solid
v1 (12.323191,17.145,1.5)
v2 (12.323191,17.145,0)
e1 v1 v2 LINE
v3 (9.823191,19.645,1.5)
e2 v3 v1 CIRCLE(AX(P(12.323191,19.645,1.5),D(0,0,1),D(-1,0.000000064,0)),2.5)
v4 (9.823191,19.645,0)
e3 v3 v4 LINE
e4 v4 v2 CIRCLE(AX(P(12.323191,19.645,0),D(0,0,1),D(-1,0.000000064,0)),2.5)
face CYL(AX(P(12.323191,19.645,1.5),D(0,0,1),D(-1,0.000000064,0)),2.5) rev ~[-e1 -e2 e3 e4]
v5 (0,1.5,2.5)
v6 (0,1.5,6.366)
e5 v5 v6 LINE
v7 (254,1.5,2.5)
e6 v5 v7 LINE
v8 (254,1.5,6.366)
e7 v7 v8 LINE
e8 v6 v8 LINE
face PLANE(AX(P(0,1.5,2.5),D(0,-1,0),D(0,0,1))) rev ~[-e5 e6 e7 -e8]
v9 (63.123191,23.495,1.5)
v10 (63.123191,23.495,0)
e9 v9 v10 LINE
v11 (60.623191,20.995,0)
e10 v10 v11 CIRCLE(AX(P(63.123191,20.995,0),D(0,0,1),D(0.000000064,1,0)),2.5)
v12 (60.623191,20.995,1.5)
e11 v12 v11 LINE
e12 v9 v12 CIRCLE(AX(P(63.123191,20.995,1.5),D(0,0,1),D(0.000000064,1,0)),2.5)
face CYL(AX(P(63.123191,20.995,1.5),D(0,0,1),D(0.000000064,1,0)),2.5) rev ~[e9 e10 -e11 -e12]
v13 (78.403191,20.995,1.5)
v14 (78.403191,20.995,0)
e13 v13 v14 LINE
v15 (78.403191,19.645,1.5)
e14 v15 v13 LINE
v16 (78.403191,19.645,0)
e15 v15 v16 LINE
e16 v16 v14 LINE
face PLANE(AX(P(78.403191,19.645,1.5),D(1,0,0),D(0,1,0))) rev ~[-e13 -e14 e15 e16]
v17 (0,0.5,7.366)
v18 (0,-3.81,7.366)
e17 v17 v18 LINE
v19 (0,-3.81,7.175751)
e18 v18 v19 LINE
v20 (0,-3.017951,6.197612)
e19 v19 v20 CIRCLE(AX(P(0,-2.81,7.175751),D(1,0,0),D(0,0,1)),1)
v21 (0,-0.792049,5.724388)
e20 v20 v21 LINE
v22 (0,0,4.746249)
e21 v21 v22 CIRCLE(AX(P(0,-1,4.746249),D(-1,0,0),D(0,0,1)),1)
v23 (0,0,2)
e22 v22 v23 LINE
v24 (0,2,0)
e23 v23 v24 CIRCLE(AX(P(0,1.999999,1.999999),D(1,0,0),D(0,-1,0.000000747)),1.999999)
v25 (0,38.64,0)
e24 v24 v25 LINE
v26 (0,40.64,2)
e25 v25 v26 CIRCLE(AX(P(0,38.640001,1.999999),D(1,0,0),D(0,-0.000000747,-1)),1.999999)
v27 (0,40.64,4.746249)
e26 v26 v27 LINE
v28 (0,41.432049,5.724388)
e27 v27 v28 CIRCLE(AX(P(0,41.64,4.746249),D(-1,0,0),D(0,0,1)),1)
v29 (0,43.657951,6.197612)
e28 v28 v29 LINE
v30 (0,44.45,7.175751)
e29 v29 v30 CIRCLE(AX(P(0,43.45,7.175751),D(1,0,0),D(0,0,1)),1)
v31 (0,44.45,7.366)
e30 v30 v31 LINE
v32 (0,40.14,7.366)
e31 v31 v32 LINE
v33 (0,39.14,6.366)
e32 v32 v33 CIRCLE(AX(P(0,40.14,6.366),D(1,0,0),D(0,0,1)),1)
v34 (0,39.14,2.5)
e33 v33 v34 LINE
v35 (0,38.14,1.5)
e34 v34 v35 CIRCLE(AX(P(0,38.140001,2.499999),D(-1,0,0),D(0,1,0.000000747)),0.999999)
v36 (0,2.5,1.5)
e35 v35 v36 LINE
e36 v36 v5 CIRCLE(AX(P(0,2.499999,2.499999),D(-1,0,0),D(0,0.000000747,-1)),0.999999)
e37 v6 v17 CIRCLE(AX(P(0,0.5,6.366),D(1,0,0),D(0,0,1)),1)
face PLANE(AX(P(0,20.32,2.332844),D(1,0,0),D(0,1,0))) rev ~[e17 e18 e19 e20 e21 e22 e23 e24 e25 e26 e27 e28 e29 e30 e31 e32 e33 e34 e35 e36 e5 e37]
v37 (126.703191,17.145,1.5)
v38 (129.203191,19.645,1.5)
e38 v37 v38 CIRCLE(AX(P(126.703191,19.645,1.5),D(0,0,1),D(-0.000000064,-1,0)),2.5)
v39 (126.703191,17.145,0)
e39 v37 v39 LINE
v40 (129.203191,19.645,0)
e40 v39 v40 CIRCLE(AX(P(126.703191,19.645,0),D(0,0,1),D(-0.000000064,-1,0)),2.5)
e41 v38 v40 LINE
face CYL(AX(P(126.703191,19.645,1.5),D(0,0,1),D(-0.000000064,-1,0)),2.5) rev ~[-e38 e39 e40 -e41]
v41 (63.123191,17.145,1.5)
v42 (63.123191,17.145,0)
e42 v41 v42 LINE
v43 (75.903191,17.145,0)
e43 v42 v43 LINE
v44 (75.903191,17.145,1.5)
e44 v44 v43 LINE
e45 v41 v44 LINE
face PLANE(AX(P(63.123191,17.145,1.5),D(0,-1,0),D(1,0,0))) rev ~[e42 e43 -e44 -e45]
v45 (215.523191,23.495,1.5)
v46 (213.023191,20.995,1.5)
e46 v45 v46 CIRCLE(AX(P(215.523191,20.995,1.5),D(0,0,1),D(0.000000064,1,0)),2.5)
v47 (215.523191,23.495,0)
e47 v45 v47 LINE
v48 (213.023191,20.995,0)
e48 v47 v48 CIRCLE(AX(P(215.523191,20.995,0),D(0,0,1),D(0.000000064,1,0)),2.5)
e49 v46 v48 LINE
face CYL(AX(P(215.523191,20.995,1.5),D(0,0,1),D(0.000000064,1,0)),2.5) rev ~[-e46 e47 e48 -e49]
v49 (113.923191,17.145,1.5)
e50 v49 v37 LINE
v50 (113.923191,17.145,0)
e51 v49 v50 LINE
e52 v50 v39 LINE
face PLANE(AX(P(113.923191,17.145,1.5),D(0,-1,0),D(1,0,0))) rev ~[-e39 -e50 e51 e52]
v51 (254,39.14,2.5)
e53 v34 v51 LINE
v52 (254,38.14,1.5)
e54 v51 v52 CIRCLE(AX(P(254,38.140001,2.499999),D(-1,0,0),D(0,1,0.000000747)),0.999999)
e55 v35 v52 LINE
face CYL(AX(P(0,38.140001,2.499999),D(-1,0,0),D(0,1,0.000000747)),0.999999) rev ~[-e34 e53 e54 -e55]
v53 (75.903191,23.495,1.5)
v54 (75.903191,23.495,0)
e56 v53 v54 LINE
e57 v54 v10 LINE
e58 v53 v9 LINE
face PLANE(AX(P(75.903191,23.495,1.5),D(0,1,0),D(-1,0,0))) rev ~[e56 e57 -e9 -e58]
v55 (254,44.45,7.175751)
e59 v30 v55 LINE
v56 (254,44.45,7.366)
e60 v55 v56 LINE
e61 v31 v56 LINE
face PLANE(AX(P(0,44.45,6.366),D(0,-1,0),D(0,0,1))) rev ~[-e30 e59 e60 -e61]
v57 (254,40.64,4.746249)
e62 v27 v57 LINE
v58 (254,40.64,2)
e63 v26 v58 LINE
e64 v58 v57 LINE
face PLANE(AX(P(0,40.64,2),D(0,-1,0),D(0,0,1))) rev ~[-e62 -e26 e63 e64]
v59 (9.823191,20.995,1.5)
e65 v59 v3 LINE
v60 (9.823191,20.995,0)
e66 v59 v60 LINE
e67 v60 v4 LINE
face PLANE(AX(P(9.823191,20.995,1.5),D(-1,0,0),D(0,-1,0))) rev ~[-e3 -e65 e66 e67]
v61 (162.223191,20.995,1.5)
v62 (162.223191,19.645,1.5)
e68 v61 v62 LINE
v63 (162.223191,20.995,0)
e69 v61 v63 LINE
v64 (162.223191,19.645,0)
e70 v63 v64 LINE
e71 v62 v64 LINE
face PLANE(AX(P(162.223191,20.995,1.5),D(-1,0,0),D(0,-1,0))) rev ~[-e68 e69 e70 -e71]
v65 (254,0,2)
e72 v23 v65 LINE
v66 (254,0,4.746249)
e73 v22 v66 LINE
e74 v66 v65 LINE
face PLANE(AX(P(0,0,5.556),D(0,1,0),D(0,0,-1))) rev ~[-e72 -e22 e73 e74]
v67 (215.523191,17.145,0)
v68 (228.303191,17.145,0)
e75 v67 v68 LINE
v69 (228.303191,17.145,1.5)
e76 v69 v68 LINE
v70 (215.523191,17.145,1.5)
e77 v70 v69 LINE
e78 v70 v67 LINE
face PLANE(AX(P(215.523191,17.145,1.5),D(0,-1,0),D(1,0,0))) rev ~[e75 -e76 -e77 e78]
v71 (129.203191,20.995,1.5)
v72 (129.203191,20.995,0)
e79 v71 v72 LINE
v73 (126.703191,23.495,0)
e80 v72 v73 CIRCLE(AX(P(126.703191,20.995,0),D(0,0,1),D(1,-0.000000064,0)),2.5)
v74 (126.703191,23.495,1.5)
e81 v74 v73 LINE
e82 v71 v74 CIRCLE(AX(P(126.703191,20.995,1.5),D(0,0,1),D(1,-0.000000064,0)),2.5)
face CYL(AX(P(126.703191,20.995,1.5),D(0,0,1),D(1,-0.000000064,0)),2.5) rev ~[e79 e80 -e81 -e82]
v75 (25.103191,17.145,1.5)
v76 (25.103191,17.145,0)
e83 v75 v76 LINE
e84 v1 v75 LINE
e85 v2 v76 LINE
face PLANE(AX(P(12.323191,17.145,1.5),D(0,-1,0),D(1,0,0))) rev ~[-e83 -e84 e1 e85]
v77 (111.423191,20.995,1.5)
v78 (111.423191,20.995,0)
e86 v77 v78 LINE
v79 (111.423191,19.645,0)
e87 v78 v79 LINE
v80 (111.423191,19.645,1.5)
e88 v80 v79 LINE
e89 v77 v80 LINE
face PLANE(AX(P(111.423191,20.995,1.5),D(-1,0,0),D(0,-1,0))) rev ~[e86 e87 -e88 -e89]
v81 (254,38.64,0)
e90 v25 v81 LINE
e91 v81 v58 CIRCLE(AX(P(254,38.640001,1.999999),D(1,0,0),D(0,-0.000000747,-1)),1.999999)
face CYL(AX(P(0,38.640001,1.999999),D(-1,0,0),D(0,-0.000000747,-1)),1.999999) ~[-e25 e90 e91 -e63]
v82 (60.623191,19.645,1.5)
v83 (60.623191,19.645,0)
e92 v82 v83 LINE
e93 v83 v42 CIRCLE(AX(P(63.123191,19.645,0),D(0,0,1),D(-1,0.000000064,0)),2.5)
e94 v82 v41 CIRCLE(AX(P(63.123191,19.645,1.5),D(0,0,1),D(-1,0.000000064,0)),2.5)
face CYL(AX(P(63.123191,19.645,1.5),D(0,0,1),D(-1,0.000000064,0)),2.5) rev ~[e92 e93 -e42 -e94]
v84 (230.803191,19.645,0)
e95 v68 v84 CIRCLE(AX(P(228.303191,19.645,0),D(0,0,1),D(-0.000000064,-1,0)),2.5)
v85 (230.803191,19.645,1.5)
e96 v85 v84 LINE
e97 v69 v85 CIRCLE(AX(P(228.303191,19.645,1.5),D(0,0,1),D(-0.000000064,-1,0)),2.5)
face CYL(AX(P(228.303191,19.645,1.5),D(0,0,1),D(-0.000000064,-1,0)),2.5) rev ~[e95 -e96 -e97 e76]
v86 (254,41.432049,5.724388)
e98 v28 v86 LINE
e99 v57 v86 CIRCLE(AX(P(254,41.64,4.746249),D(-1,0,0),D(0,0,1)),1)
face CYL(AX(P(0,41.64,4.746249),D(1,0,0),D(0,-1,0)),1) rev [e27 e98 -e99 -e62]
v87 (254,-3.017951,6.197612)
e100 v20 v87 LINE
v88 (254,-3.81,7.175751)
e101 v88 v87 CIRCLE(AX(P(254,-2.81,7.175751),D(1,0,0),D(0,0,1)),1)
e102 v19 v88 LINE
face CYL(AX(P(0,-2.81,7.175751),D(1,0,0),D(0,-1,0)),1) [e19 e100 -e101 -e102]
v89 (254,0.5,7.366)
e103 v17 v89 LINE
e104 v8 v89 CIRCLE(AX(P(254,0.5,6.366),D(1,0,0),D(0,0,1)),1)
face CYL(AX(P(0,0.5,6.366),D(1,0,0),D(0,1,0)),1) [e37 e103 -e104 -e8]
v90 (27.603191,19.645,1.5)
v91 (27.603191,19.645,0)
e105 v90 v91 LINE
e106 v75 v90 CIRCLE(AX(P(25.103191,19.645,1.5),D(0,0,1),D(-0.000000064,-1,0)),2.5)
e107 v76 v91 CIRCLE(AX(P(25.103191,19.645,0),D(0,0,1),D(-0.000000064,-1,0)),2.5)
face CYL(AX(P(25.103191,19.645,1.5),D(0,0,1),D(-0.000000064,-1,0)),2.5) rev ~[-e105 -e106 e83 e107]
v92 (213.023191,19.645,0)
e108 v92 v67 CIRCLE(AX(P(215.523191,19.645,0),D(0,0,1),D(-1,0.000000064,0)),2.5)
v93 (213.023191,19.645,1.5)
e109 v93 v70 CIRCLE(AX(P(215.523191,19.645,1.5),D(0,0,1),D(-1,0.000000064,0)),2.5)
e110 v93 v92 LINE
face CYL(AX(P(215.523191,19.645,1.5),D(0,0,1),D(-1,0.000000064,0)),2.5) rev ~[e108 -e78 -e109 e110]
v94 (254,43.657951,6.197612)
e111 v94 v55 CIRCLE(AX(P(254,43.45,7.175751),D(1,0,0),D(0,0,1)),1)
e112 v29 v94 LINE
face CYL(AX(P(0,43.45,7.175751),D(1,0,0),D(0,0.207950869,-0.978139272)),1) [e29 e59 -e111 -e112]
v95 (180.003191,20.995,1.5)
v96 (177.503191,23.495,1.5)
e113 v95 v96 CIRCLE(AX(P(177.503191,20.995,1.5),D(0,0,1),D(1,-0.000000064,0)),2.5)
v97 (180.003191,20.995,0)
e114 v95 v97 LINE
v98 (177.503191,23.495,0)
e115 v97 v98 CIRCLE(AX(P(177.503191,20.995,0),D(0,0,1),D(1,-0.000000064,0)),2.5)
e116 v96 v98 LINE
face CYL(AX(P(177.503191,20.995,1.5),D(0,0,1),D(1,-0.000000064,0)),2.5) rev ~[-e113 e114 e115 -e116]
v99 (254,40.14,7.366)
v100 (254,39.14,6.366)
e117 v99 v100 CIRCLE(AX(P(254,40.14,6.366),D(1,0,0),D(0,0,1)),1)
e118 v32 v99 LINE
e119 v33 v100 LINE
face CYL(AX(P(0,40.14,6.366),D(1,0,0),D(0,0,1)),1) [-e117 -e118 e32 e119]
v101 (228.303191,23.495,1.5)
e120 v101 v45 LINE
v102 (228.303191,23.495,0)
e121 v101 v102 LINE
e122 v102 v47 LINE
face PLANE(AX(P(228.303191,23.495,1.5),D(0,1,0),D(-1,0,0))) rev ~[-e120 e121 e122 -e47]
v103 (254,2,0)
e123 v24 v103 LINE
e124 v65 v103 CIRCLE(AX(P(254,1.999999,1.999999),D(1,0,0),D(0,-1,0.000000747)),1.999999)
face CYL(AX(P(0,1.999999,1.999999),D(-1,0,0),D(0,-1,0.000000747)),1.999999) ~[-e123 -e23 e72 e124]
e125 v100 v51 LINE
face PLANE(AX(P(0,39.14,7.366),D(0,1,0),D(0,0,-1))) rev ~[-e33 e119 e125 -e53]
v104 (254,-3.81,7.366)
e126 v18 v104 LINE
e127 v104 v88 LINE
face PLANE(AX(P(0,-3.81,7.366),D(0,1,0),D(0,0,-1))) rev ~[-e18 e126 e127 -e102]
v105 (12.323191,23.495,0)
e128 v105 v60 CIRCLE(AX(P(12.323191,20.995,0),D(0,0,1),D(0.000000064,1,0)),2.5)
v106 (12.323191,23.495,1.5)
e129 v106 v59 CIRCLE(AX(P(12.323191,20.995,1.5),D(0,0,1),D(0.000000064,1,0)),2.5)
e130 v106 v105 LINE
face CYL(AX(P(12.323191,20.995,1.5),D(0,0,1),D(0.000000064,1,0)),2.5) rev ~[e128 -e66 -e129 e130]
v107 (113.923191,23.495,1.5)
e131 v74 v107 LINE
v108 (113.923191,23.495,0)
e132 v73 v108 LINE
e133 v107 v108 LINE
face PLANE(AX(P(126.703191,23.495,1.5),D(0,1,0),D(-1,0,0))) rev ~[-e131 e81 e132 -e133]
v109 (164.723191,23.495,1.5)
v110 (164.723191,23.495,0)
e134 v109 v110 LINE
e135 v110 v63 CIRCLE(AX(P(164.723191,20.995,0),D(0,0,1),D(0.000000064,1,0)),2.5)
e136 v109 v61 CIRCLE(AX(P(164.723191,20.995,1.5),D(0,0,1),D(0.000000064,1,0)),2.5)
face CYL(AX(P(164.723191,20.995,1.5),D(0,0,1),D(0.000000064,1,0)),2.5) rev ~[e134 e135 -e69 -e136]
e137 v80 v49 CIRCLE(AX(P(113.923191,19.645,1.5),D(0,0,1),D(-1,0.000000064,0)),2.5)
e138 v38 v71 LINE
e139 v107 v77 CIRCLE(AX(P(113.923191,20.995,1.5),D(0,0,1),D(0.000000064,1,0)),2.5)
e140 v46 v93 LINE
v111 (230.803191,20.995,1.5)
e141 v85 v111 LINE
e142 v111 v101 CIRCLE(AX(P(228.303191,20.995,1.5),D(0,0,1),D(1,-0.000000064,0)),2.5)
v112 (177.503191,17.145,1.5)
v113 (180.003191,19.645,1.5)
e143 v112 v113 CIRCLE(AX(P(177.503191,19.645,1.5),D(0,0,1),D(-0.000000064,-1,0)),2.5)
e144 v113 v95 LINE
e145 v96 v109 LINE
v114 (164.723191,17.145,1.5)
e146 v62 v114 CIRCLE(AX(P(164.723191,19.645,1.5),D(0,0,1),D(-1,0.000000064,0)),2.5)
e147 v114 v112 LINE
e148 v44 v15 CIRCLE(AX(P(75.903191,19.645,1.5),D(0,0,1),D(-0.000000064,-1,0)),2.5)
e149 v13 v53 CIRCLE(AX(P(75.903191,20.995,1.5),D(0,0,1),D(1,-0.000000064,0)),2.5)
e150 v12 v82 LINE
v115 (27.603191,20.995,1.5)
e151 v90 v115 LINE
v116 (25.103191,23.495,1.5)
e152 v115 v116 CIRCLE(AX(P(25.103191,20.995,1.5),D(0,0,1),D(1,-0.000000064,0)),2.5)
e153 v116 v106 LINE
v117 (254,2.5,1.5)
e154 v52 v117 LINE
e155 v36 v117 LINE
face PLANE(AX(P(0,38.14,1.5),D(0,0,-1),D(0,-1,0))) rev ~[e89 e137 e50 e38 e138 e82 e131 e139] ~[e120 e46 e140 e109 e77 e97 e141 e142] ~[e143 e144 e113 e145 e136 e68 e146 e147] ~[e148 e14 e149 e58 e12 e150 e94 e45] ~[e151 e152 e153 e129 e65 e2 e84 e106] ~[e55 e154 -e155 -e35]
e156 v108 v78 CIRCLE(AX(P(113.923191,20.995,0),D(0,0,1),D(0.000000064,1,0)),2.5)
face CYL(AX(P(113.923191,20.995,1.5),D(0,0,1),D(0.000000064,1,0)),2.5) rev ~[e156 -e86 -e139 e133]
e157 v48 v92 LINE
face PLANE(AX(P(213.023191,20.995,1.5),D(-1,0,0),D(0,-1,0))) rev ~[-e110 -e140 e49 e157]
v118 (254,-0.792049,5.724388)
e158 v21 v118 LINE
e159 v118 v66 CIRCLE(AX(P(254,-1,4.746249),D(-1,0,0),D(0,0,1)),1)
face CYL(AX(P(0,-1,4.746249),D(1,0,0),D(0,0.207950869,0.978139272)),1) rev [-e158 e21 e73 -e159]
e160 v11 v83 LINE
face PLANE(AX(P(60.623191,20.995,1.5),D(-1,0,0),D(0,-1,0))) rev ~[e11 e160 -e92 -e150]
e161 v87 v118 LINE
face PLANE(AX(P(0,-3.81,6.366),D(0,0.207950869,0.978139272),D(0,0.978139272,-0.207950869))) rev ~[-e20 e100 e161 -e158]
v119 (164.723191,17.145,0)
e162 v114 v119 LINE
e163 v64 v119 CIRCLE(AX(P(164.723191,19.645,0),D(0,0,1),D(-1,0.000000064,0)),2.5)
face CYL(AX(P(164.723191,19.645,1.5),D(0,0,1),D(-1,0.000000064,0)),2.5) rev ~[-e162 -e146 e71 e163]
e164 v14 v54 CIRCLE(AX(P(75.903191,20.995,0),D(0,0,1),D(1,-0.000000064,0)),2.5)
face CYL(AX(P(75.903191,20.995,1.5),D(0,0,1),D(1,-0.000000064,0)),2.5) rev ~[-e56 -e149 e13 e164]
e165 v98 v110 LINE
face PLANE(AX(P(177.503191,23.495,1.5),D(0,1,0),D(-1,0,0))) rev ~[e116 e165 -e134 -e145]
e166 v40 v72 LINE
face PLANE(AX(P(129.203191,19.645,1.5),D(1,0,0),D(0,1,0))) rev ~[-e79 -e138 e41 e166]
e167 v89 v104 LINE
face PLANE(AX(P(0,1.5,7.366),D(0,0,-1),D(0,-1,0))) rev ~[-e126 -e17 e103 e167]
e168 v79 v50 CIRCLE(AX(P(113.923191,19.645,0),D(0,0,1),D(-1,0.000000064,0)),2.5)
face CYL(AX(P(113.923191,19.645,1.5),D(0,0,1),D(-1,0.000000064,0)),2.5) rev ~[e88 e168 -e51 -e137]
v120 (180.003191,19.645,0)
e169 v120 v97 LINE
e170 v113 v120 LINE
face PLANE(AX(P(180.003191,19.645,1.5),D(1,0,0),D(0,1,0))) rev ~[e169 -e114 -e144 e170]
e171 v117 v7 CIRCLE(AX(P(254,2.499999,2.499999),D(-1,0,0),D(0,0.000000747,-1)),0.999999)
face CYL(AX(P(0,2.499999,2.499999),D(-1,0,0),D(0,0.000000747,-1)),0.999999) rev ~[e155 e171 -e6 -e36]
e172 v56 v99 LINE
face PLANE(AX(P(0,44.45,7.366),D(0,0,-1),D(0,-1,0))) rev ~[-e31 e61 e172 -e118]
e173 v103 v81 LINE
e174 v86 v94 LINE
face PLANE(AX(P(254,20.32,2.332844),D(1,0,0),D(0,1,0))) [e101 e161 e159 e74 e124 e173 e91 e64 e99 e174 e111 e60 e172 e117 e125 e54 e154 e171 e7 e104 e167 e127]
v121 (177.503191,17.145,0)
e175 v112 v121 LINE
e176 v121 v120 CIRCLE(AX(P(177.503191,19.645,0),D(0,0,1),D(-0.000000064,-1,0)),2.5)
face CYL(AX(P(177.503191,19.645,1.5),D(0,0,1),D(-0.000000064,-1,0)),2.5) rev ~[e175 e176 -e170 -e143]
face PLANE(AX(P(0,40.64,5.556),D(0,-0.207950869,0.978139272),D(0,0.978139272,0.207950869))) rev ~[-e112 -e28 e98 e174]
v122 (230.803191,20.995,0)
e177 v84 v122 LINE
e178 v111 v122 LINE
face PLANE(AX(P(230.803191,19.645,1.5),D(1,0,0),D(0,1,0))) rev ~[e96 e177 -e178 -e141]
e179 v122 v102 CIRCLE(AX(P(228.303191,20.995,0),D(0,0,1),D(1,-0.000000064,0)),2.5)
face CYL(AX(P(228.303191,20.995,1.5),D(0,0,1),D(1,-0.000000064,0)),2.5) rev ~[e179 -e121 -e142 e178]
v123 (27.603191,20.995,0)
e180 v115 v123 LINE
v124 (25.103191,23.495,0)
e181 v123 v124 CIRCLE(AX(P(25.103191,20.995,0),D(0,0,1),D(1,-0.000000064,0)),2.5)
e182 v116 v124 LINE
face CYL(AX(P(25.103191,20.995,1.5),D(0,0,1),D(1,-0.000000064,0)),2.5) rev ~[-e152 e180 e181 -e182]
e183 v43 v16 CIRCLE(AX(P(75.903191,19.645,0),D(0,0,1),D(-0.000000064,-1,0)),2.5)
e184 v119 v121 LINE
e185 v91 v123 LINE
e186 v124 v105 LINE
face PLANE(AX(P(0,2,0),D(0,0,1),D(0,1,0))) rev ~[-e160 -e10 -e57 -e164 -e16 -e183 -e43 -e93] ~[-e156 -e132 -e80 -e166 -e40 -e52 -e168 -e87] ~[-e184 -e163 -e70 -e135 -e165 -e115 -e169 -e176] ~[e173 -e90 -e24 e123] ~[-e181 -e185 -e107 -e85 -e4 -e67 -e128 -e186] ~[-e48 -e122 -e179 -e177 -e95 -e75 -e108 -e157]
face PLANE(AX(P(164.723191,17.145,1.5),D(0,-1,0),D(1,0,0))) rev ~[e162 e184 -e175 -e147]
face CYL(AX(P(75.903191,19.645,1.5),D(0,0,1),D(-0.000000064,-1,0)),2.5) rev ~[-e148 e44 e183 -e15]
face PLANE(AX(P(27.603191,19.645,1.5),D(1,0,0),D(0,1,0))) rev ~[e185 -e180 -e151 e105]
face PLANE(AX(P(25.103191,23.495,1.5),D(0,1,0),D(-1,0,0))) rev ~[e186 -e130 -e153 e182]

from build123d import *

# Parameters (mm, degrees)
F1_DEPTH = 254
F2_R     = 1
F4_DEPTH = 25.4


with BuildPart() as f1:
    # F0 (on Right) → F1 (new body)
    with BuildSketch(Plane.YZ):
        with BuildLine():
            ThreePointArc((0, 2), (0.585786, 0.585786), (2, 0))
            Line((2, 0), (38.64, 0))
            ThreePointArc((38.64, 0), (40.054214, 0.585786), (40.64, 2))
            Line((40.64, 2), (40.64, 5.556))
            Line((40.64, 5.556), (44.45, 6.366))
            Line((44.45, 6.366), (44.45, 7.366))
            Line((44.45, 7.366), (40.64, 7.366))
            Line((40.64, 7.366), (39.14, 7.366))
            Line((39.14, 7.366), (39.14, 2.5))
            ThreePointArc((39.14, 2.5), (38.847107, 1.792893), (38.14, 1.5))
            Line((38.14, 1.5), (2.5, 1.5))
            ThreePointArc((2.5, 1.5), (1.792893, 1.792893), (1.5, 2.5))
            Line((1.5, 2.5), (1.5, 7.366))
            Line((1.5, 7.366), (0, 7.366))
            Line((0, 7.366), (-3.81, 7.366))
            Line((-3.81, 7.366), (-3.81, 6.366))
            Line((-3.81, 6.366), (0, 5.556))
            Line((0, 5.556), (0, 2))
        make_face()
    extrude(amount=F1_DEPTH)

    # F2
    f2_edges = [f1.edges().sort_by_distance(p)[0] for p in [
        (127, 39.14, 7.366),
        (127, 1.5, 7.366),
        (127, 0, 5.556),
        (127, 40.64, 5.556),
        (127, 44.45, 6.366),
        (127, -3.81, 6.366),
    ]]
    fillet(f2_edges, radius=F2_R)

    # F3 (on face) → F4 (cut)
    with BuildSketch(Plane.XY.offset(1.5)):
        with BuildLine():
            Line((12.323191, 17.145), (25.103191, 17.145))
            ThreePointArc((25.103191, 17.145), (26.870958, 17.877233), (27.603191, 19.645))
            Line((27.603191, 19.645), (27.603191, 20.995))
            ThreePointArc((27.603191, 20.995), (26.870958, 22.762767), (25.103191, 23.495))
            Line((25.103191, 23.495), (12.323191, 23.495))
            ThreePointArc((12.323191, 23.495), (10.555424, 22.762767), (9.823191, 20.995))
            Line((9.823191, 20.995), (9.823191, 19.645))
            ThreePointArc((9.823191, 19.645), (10.555424, 17.877233), (12.323191, 17.145))
        make_face()
        with BuildLine():
            ThreePointArc((78.403191, 20.995), (77.670958, 22.762767), (75.903191, 23.495))
            Line((75.903191, 23.495), (63.123191, 23.495))
            ThreePointArc((63.123191, 23.495), (61.355424, 22.762767), (60.623191, 20.995))
            Line((60.623191, 20.995), (60.623191, 19.645))
            ThreePointArc((60.623191, 19.645), (61.355424, 17.877233), (63.123191, 17.145))
            Line((63.123191, 17.145), (75.903191, 17.145))
            ThreePointArc((75.903191, 17.145), (77.670958, 17.877233), (78.403191, 19.645))
            Line((78.403191, 19.645), (78.403191, 20.995))
        make_face()
        with BuildLine():
            ThreePointArc((129.203191, 20.995), (128.470958, 22.762767), (126.703191, 23.495))
            Line((126.703191, 23.495), (113.923191, 23.495))
            ThreePointArc((113.923191, 23.495), (112.155424, 22.762767), (111.423191, 20.995))
            Line((111.423191, 20.995), (111.423191, 19.645))
            ThreePointArc((111.423191, 19.645), (112.155424, 17.877233), (113.923191, 17.145))
            Line((113.923191, 17.145), (126.703191, 17.145))
            ThreePointArc((126.703191, 17.145), (128.470958, 17.877233), (129.203191, 19.645))
            Line((129.203191, 19.645), (129.203191, 20.995))
        make_face()
        with BuildLine():
            ThreePointArc((180.003191, 20.995), (179.270958, 22.762767), (177.503191, 23.495))
            Line((177.503191, 23.495), (164.723191, 23.495))
            ThreePointArc((164.723191, 23.495), (162.955424, 22.762767), (162.223191, 20.995))
            Line((162.223191, 20.995), (162.223191, 19.645))
            ThreePointArc((162.223191, 19.645), (162.955424, 17.877233), (164.723191, 17.145))
            Line((164.723191, 17.145), (177.503191, 17.145))
            ThreePointArc((177.503191, 17.145), (179.270958, 17.877233), (180.003191, 19.645))
            Line((180.003191, 19.645), (180.003191, 20.995))
        make_face()
        with BuildLine():
            ThreePointArc((230.803191, 20.995), (230.070958, 22.762767), (228.303191, 23.495))
            Line((228.303191, 23.495), (215.523191, 23.495))
            ThreePointArc((215.523191, 23.495), (213.755424, 22.762767), (213.023191, 20.995))
            Line((213.023191, 20.995), (213.023191, 19.645))
            ThreePointArc((213.023191, 19.645), (213.755424, 17.877233), (215.523191, 17.145))
            Line((215.523191, 17.145), (228.303191, 17.145))
            ThreePointArc((228.303191, 17.145), (230.070958, 17.877233), (230.803191, 19.645))
            Line((230.803191, 19.645), (230.803191, 20.995))
        make_face()
    extrude(amount=-F4_DEPTH, mode=Mode.SUBTRACT)


solid = f1.part
